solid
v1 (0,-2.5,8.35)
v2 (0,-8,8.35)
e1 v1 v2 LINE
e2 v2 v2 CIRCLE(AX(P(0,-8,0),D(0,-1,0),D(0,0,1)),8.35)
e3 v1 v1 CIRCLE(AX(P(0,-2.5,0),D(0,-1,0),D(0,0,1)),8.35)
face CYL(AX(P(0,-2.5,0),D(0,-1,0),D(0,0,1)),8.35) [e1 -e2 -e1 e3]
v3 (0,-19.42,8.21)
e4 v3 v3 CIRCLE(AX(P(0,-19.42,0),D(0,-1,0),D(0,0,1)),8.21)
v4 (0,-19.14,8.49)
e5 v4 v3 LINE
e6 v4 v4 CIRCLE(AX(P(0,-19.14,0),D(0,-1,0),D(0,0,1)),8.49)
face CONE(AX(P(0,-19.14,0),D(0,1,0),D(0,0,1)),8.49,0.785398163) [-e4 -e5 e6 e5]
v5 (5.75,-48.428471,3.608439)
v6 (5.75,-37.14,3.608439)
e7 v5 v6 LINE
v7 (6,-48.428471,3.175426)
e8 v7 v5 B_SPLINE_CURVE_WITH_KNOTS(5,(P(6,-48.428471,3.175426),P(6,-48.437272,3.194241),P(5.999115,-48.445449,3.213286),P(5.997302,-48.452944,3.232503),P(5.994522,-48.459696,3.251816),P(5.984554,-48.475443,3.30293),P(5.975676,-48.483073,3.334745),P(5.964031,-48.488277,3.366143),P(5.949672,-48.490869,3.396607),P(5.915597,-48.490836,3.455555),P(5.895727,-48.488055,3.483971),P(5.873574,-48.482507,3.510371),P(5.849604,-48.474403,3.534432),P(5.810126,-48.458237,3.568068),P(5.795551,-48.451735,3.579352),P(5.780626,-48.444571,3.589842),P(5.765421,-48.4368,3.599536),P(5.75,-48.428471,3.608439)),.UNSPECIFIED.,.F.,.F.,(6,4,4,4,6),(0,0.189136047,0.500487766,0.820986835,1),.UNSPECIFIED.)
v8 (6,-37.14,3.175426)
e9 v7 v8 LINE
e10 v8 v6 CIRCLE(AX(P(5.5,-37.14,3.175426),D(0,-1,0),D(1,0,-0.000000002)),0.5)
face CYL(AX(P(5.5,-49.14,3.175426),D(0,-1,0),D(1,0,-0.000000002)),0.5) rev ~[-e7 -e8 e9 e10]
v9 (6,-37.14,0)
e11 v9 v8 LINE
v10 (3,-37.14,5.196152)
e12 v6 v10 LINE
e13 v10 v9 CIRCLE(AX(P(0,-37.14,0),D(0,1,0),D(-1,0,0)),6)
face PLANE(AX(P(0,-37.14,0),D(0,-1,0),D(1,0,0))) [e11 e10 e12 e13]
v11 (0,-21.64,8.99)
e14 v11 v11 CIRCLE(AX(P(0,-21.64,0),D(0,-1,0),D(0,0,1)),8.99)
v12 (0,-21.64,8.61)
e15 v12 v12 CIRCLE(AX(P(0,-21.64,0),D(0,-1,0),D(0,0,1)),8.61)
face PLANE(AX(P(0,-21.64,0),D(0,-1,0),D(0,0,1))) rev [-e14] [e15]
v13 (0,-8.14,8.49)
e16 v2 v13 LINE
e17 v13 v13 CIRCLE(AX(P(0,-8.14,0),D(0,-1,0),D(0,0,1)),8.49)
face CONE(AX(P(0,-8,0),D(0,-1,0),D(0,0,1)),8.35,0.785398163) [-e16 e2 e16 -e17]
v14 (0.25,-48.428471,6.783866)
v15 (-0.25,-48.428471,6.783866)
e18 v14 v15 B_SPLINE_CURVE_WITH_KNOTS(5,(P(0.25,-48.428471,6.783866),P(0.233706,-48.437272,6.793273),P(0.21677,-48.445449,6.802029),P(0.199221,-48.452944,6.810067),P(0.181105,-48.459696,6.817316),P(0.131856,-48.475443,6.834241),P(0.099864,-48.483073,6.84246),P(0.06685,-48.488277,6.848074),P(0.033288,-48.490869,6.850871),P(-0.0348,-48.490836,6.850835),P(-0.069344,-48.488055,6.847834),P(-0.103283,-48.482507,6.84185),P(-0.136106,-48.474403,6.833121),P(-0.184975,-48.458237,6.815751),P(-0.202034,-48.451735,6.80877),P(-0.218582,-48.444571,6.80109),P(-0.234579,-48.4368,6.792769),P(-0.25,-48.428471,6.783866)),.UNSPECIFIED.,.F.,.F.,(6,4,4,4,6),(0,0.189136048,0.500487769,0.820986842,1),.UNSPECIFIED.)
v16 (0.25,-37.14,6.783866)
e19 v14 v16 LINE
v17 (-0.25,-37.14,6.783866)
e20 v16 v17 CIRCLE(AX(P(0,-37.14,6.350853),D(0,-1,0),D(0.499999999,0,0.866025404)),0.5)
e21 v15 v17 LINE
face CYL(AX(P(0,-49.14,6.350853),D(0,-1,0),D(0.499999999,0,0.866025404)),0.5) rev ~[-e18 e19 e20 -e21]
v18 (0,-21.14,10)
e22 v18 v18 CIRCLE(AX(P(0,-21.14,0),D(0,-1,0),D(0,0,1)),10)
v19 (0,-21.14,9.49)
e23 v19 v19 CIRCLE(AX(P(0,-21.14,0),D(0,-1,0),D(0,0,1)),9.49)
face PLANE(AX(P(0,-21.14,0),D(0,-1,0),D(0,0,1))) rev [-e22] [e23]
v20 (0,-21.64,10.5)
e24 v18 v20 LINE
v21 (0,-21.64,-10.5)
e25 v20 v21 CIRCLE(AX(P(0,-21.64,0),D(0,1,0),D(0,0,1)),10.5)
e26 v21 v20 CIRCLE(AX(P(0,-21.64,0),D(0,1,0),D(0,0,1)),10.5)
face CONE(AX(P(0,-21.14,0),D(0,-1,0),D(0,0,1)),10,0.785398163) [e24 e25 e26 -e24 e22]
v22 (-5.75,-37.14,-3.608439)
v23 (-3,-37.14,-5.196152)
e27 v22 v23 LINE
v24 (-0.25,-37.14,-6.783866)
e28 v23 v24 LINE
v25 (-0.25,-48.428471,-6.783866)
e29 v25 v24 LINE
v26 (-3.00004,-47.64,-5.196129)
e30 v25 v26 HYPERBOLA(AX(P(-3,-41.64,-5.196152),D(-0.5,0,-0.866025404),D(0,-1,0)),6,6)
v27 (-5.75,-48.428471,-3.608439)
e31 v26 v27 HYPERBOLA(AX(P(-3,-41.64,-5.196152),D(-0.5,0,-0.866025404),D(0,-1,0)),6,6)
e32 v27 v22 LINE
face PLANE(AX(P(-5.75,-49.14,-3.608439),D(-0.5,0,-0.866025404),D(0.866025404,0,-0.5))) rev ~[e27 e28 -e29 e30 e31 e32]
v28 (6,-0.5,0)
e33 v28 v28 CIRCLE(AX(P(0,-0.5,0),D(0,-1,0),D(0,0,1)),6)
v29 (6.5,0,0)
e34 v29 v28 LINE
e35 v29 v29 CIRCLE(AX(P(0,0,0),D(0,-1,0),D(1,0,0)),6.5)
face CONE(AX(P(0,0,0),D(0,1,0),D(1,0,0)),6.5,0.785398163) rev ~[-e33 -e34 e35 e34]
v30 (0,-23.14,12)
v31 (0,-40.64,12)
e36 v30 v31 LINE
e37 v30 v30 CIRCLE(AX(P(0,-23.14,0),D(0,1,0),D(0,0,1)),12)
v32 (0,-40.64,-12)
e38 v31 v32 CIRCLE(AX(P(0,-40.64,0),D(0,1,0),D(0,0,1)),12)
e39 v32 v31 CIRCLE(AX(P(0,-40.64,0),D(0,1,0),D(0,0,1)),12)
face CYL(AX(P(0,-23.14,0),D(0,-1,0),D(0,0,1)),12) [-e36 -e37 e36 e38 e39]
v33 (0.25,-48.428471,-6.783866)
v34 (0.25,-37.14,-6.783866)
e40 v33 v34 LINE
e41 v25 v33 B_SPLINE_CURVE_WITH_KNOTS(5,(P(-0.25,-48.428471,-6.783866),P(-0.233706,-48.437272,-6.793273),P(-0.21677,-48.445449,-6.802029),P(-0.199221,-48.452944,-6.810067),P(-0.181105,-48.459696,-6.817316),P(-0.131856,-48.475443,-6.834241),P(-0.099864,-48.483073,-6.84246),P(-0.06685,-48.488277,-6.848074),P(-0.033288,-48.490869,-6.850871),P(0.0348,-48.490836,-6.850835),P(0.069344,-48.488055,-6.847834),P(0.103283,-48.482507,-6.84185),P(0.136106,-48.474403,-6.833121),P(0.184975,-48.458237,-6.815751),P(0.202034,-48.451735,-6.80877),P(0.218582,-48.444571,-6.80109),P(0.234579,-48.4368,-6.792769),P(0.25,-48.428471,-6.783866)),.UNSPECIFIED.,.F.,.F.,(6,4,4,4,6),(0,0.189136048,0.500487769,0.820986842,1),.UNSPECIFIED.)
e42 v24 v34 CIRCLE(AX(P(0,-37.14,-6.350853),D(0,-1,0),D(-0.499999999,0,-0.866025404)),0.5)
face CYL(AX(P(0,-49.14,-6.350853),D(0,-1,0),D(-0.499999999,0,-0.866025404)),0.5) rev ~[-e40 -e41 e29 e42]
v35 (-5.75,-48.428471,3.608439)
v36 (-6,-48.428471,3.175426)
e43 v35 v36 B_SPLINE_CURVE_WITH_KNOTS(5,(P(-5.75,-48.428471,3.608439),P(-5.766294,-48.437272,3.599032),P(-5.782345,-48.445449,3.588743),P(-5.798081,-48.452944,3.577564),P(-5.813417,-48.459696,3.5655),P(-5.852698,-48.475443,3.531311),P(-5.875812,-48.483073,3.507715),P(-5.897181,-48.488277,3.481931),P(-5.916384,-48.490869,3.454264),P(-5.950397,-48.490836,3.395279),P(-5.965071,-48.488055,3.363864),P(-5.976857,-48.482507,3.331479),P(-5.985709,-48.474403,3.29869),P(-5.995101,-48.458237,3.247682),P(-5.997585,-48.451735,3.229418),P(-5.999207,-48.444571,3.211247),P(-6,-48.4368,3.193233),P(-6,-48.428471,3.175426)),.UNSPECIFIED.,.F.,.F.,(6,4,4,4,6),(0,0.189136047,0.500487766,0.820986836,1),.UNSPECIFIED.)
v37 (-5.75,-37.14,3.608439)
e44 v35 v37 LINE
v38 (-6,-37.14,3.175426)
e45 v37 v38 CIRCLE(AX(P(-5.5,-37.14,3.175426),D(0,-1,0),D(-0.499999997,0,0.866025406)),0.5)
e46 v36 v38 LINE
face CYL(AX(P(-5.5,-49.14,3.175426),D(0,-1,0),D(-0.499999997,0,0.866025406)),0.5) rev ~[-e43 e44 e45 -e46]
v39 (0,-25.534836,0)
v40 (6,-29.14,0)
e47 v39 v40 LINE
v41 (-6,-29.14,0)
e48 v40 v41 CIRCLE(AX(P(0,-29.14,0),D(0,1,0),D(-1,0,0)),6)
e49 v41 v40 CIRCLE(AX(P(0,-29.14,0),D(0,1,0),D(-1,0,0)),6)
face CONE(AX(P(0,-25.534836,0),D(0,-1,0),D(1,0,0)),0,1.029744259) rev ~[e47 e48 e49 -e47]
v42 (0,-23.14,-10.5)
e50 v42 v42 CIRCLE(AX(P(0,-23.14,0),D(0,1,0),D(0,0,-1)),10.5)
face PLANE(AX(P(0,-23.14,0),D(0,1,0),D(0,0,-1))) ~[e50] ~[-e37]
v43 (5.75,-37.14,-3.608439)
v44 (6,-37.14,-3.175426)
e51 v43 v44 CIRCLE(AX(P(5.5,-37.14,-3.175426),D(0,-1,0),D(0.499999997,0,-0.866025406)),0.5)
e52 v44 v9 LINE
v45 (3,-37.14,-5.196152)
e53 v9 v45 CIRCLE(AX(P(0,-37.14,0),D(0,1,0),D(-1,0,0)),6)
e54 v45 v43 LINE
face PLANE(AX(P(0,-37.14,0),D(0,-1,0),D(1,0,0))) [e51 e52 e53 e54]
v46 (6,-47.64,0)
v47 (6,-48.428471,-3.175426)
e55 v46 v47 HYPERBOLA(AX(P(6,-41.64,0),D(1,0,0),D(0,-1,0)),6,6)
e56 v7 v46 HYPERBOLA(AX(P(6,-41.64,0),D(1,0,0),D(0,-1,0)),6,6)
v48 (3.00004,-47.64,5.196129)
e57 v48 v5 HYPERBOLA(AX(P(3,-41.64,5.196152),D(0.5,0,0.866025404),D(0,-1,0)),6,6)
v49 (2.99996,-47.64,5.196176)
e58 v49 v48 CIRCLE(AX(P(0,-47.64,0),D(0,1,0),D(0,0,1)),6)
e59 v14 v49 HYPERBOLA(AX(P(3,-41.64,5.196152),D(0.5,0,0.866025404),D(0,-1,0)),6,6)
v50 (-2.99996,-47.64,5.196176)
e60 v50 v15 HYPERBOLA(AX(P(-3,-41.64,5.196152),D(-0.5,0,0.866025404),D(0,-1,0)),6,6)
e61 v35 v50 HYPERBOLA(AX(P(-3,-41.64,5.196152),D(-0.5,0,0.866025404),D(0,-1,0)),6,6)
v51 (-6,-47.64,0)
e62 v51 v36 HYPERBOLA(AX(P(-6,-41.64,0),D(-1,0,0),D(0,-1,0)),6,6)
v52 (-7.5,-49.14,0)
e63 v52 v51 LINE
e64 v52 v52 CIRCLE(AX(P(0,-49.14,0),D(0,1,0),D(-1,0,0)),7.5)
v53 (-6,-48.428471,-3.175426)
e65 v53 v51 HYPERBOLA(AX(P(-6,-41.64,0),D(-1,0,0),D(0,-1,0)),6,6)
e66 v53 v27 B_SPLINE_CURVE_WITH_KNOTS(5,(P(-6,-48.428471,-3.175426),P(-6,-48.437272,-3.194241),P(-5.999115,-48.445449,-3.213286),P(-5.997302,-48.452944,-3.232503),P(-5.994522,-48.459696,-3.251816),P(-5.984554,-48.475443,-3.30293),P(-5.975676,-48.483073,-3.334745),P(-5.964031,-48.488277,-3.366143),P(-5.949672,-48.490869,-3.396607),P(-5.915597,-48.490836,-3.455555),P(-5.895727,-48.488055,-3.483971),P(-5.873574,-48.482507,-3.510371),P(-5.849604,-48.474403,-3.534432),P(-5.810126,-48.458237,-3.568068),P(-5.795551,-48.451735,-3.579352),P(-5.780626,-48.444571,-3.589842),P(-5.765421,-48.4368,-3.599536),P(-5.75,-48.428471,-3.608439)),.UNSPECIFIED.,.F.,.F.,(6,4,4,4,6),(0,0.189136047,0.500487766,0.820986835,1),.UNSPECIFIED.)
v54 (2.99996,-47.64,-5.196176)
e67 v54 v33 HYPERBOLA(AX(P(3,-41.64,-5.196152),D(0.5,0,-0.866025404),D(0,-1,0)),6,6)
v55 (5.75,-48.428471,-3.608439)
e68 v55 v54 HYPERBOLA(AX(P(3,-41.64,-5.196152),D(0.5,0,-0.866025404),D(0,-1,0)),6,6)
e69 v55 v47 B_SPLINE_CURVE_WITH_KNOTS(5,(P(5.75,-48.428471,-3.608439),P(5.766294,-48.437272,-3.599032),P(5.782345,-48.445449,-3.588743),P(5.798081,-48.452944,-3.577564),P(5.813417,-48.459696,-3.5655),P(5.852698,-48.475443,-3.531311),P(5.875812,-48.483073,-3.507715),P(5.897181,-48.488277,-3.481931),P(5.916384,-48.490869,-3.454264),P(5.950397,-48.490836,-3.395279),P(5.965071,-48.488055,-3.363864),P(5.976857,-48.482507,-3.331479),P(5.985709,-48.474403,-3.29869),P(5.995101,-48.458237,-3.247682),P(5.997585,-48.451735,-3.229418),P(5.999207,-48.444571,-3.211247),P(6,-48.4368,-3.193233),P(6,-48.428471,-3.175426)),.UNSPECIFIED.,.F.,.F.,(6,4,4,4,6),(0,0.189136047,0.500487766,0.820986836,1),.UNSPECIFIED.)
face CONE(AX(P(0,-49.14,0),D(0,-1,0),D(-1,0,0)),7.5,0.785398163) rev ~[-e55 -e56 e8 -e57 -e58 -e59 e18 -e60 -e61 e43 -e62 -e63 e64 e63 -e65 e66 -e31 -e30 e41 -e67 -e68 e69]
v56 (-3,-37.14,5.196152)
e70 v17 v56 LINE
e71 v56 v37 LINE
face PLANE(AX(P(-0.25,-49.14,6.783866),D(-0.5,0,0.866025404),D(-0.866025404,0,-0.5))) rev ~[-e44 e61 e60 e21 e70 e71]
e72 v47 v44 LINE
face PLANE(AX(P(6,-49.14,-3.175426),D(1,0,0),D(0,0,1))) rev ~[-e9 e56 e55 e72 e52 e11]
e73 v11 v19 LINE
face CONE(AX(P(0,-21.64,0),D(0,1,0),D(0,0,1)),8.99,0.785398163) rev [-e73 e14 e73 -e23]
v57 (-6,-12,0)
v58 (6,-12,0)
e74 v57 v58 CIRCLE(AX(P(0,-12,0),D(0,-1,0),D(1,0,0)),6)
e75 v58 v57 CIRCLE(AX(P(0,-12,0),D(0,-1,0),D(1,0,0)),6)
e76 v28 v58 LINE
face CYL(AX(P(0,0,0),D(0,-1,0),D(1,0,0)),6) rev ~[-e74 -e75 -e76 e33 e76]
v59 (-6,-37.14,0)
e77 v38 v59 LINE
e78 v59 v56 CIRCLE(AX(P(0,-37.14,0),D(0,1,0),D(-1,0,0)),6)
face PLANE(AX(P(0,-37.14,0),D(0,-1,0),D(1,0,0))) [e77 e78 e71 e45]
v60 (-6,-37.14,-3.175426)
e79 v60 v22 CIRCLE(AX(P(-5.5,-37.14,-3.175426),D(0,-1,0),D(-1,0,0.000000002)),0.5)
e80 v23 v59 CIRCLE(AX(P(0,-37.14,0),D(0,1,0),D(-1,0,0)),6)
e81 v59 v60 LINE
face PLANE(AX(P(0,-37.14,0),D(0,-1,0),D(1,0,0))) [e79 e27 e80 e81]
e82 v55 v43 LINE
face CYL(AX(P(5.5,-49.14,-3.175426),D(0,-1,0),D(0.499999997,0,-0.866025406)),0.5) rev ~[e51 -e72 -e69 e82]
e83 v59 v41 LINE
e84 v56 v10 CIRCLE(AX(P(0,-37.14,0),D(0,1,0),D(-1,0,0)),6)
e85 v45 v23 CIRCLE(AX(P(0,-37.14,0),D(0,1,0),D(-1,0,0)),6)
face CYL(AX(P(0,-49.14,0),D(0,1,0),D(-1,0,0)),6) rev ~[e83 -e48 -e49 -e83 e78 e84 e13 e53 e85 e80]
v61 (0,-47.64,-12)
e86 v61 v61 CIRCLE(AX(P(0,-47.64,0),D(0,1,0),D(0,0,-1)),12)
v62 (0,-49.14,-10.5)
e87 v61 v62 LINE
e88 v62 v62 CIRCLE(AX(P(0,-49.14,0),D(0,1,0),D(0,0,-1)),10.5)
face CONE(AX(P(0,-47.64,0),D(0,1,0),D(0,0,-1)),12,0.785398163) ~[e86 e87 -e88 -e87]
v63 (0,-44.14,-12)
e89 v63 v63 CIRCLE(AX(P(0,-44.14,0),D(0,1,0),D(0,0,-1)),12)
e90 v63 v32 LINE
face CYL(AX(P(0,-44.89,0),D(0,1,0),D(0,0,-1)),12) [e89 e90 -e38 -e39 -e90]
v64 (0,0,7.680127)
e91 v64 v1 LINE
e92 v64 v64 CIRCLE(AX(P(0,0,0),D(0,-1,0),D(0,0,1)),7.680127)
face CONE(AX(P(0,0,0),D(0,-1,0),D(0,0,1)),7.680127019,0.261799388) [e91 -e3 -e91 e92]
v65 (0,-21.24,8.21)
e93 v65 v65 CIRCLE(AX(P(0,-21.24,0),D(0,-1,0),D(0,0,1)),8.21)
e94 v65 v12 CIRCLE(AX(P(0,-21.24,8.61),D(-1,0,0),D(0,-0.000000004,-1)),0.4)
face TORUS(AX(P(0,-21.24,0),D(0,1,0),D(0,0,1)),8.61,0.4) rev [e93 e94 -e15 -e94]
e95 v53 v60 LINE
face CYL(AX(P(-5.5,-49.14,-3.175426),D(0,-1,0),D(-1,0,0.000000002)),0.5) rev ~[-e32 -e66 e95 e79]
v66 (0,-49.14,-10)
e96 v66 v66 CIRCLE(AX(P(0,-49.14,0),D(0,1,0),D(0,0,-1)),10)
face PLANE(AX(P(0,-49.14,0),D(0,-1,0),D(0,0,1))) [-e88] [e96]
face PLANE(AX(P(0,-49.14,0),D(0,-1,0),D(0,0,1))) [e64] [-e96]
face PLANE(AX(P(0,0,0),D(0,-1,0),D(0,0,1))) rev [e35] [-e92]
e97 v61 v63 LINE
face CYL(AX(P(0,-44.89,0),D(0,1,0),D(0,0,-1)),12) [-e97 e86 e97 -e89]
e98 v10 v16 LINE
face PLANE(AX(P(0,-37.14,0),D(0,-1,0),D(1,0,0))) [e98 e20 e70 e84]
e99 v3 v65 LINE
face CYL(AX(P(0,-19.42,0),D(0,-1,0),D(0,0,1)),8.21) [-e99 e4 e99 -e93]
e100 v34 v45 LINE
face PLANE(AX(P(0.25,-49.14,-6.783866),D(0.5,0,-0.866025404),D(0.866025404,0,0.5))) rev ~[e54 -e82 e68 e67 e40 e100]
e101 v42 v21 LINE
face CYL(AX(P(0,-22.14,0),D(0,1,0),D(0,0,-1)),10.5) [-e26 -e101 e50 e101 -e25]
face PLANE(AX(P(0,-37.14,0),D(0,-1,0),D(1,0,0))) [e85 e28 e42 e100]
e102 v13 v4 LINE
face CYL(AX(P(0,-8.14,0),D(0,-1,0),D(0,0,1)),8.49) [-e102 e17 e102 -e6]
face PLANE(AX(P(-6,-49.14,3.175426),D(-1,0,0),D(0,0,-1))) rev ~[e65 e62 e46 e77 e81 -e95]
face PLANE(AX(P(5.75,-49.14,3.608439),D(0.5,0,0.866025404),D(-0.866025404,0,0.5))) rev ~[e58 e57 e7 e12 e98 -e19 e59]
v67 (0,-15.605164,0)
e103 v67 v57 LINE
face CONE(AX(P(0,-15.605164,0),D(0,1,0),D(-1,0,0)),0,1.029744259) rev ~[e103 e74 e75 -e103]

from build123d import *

# Parameters (mm, degrees)
PER_AGE_T_TE_D           = 12
PER_AGE_T_TE_DEPTH       = 20
PER_AGE_T_TE_CSINK_D     = 15
PER_AGE_T_TE_CSINK_ANGLE = 90
PER_AGE_T_TE_TIP         = 3.605163714
H_XAGONE_DEPTH           = 12
CENTRAGE_D               = 3
CENTRAGE_DEPTH           = 6
CENTRAGE_CSINK_D         = 5
CENTRAGE_CSINK_ANGLE     = 60
CENTRAGE_TIP             = 0.901290929
PER_AGE_AXE_D            = 12
PER_AGE_AXE_DEPTH        = 12
PER_AGE_AXE_CSINK_D      = 13
PER_AGE_AXE_CSINK_ANGLE  = 90
PER_AGE_AXE_TIP          = 3.605163714
ESQUISSE9_W              = 7
ESQUISSE9_H              = 8.5
ESQUISSE9_W_2            = 1.5
ESQUISSE9_H_2            = 2
ESQUISSE10_W             = 2
ESQUISSE10_H             = 8.5
CHANFREIN1_SIZE          = 1.5


with BuildPart() as part:
    # Esquisse1 → Base-Révolution (revolve)
    with BuildSketch(Plane.XY, mode=Mode.PRIVATE) as base_r_volution_sk:
        with BuildLine():
            Line((0, 0), (7.680127019, 0))
            Line((7.680127019, 0), (8.35, -2.5))
            Line((8.35, -2.5), (8.35, -8))
            Line((8.35, -8), (8.49, -8.14))
            Line((8.49, -8.14), (8.49, -19.14))
            Line((8.49, -19.14), (8.21, -19.42))
            Line((8.21, -19.42), (8.21, -21.24))
            ThreePointArc((8.21, -21.24), (8.327157288, -21.522842712), (8.61, -21.64))
            Line((8.61, -21.64), (8.99, -21.64))
            Line((8.99, -21.64), (9.49, -21.14))
            Line((9.49, -21.14), (10, -21.14))
            Line((10, -21.14), (12, -23.14))
            Line((12, -23.14), (12, -40.64))
            Line((12, -40.64), (10, -42.64))
            Line((10, -42.64), (10, -43.14))
            ThreePointArc((10, -43.14), (10.292893219, -43.847106781), (11, -44.14))
            Line((11, -44.14), (19, -44.14))
            Line((19, -44.14), (19, -45.14))
            Line((19, -45.14), (12.07179677, -49.14))
            Line((12.07179677, -49.14), (0, -49.14))
            Line((0, -49.14), (0, 0))
        make_face()
    revolve(base_r_volution_sk.sketch.rotate(Axis((0, -10, 0), (0, -1, 0)), 90), axis=Axis((0, -10, 0), (0, -1, 0)))

    # Perçage tête
    with Locations(Plane.XZ.offset(49.14)):
        with Locations((0, 0)):
            CounterSinkHole(PER_AGE_T_TE_D / 2, PER_AGE_T_TE_CSINK_D / 2, depth=PER_AGE_T_TE_DEPTH, counter_sink_angle=PER_AGE_T_TE_CSINK_ANGLE)
            with Locations((0, 0, -(PER_AGE_T_TE_DEPTH + PER_AGE_T_TE_TIP / 2))):  # 118° drill point
                Cone(0, PER_AGE_T_TE_D / 2, PER_AGE_T_TE_TIP, mode=Mode.SUBTRACT)

    # Esquisse4 → Héxagone (cut)
    with BuildSketch(Plane.XZ.offset(49.14)):
        with BuildLine():
            Line((-0.25, 6.783865663), (-5.75, 3.608439182))
            ThreePointArc((-5.75, 3.608439182), (-5.933012702, 3.425426481), (-6, 3.175426481))
            Line((-6, 3.175426481), (-6, -3.175426481))
            ThreePointArc((-6, -3.175426481), (-5.933012702, -3.425426481), (-5.75, -3.608439182))
            Line((-5.75, -3.608439182), (-0.25, -6.783865663))
            ThreePointArc((-0.25, -6.783865663), (0, -6.850852961), (0.25, -6.783865663))
            Line((0.25, -6.783865663), (5.75, -3.608439182))
            ThreePointArc((5.75, -3.608439182), (5.933012702, -3.425426481), (6, -3.175426481))
            Line((6, -3.175426481), (6, 3.175426481))
            ThreePointArc((6, 3.175426481), (5.933012702, 3.425426481), (5.75, 3.608439182))
            Line((5.75, 3.608439182), (0.25, 6.783865663))
            ThreePointArc((0.25, 6.783865663), (0, 6.850852961), (-0.25, 6.783865663))
        make_face()
    extrude(amount=-H_XAGONE_DEPTH, mode=Mode.SUBTRACT)

    # Centrage
    with Locations(Plane(origin=(0, 0, 0), x_dir=(-1, 0, 0), z_dir=(0, 1, 0))):
        with Locations((0, 0)):
            CounterSinkHole(CENTRAGE_D / 2, CENTRAGE_CSINK_D / 2, depth=CENTRAGE_DEPTH, counter_sink_angle=CENTRAGE_CSINK_ANGLE)
            with Locations((0, 0, -(CENTRAGE_DEPTH + CENTRAGE_TIP / 2))):  # 118° drill point
                Cone(0, CENTRAGE_D / 2, CENTRAGE_TIP, mode=Mode.SUBTRACT)

    # Perçage axe
    with Locations(Plane(origin=(0, 0, 0), x_dir=(-1, 0, 0), z_dir=(0, 1, 0))):
        with Locations((0, 0)):
            CounterSinkHole(PER_AGE_AXE_D / 2, PER_AGE_AXE_CSINK_D / 2, depth=PER_AGE_AXE_DEPTH, counter_sink_angle=PER_AGE_AXE_CSINK_ANGLE)
            with Locations((0, 0, -(PER_AGE_AXE_DEPTH + PER_AGE_AXE_TIP / 2))):  # 118° drill point
                Cone(0, PER_AGE_AXE_D / 2, PER_AGE_AXE_TIP, mode=Mode.SUBTRACT)

    # Esquisse9 → Enlèvement tête (revolve, cut)
    with BuildSketch(Plane.XY, mode=Mode.PRIVATE) as enl_vement_t_te_sk:
        with Locations((15.5, -44.89)):
            Rectangle(ESQUISSE9_W, ESQUISSE9_H)
        with Locations((11.25, -22.14)):
            Rectangle(ESQUISSE9_W_2, ESQUISSE9_H_2)
    revolve(enl_vement_t_te_sk.sketch.rotate(Axis((0, -50, 0), (0, 1, 0)), 90), axis=Axis((0, -50, 0), (0, 1, 0)), mode=Mode.SUBTRACT)

    # Esquisse10 → Suppression gorge (revolve)
    with BuildSketch(Plane.XY, mode=Mode.PRIVATE) as suppression_gorge_sk:
        with Locations((11, -44.89)):
            Rectangle(ESQUISSE10_W, ESQUISSE10_H)
    revolve(suppression_gorge_sk.sketch.rotate(Axis((0, -47.996933622, 0), (0, 1, 0)), 90), axis=Axis((0, -47.996933622, 0), (0, 1, 0)))

    # Chanfrein1
    chanfrein1_edges = [part.edges().sort_by_distance(p)[0] for p in [
        (0, -49.14, 12),
    ]]
    chamfer(chanfrein1_edges, length=CHANFREIN1_SIZE)


solid = part.part
